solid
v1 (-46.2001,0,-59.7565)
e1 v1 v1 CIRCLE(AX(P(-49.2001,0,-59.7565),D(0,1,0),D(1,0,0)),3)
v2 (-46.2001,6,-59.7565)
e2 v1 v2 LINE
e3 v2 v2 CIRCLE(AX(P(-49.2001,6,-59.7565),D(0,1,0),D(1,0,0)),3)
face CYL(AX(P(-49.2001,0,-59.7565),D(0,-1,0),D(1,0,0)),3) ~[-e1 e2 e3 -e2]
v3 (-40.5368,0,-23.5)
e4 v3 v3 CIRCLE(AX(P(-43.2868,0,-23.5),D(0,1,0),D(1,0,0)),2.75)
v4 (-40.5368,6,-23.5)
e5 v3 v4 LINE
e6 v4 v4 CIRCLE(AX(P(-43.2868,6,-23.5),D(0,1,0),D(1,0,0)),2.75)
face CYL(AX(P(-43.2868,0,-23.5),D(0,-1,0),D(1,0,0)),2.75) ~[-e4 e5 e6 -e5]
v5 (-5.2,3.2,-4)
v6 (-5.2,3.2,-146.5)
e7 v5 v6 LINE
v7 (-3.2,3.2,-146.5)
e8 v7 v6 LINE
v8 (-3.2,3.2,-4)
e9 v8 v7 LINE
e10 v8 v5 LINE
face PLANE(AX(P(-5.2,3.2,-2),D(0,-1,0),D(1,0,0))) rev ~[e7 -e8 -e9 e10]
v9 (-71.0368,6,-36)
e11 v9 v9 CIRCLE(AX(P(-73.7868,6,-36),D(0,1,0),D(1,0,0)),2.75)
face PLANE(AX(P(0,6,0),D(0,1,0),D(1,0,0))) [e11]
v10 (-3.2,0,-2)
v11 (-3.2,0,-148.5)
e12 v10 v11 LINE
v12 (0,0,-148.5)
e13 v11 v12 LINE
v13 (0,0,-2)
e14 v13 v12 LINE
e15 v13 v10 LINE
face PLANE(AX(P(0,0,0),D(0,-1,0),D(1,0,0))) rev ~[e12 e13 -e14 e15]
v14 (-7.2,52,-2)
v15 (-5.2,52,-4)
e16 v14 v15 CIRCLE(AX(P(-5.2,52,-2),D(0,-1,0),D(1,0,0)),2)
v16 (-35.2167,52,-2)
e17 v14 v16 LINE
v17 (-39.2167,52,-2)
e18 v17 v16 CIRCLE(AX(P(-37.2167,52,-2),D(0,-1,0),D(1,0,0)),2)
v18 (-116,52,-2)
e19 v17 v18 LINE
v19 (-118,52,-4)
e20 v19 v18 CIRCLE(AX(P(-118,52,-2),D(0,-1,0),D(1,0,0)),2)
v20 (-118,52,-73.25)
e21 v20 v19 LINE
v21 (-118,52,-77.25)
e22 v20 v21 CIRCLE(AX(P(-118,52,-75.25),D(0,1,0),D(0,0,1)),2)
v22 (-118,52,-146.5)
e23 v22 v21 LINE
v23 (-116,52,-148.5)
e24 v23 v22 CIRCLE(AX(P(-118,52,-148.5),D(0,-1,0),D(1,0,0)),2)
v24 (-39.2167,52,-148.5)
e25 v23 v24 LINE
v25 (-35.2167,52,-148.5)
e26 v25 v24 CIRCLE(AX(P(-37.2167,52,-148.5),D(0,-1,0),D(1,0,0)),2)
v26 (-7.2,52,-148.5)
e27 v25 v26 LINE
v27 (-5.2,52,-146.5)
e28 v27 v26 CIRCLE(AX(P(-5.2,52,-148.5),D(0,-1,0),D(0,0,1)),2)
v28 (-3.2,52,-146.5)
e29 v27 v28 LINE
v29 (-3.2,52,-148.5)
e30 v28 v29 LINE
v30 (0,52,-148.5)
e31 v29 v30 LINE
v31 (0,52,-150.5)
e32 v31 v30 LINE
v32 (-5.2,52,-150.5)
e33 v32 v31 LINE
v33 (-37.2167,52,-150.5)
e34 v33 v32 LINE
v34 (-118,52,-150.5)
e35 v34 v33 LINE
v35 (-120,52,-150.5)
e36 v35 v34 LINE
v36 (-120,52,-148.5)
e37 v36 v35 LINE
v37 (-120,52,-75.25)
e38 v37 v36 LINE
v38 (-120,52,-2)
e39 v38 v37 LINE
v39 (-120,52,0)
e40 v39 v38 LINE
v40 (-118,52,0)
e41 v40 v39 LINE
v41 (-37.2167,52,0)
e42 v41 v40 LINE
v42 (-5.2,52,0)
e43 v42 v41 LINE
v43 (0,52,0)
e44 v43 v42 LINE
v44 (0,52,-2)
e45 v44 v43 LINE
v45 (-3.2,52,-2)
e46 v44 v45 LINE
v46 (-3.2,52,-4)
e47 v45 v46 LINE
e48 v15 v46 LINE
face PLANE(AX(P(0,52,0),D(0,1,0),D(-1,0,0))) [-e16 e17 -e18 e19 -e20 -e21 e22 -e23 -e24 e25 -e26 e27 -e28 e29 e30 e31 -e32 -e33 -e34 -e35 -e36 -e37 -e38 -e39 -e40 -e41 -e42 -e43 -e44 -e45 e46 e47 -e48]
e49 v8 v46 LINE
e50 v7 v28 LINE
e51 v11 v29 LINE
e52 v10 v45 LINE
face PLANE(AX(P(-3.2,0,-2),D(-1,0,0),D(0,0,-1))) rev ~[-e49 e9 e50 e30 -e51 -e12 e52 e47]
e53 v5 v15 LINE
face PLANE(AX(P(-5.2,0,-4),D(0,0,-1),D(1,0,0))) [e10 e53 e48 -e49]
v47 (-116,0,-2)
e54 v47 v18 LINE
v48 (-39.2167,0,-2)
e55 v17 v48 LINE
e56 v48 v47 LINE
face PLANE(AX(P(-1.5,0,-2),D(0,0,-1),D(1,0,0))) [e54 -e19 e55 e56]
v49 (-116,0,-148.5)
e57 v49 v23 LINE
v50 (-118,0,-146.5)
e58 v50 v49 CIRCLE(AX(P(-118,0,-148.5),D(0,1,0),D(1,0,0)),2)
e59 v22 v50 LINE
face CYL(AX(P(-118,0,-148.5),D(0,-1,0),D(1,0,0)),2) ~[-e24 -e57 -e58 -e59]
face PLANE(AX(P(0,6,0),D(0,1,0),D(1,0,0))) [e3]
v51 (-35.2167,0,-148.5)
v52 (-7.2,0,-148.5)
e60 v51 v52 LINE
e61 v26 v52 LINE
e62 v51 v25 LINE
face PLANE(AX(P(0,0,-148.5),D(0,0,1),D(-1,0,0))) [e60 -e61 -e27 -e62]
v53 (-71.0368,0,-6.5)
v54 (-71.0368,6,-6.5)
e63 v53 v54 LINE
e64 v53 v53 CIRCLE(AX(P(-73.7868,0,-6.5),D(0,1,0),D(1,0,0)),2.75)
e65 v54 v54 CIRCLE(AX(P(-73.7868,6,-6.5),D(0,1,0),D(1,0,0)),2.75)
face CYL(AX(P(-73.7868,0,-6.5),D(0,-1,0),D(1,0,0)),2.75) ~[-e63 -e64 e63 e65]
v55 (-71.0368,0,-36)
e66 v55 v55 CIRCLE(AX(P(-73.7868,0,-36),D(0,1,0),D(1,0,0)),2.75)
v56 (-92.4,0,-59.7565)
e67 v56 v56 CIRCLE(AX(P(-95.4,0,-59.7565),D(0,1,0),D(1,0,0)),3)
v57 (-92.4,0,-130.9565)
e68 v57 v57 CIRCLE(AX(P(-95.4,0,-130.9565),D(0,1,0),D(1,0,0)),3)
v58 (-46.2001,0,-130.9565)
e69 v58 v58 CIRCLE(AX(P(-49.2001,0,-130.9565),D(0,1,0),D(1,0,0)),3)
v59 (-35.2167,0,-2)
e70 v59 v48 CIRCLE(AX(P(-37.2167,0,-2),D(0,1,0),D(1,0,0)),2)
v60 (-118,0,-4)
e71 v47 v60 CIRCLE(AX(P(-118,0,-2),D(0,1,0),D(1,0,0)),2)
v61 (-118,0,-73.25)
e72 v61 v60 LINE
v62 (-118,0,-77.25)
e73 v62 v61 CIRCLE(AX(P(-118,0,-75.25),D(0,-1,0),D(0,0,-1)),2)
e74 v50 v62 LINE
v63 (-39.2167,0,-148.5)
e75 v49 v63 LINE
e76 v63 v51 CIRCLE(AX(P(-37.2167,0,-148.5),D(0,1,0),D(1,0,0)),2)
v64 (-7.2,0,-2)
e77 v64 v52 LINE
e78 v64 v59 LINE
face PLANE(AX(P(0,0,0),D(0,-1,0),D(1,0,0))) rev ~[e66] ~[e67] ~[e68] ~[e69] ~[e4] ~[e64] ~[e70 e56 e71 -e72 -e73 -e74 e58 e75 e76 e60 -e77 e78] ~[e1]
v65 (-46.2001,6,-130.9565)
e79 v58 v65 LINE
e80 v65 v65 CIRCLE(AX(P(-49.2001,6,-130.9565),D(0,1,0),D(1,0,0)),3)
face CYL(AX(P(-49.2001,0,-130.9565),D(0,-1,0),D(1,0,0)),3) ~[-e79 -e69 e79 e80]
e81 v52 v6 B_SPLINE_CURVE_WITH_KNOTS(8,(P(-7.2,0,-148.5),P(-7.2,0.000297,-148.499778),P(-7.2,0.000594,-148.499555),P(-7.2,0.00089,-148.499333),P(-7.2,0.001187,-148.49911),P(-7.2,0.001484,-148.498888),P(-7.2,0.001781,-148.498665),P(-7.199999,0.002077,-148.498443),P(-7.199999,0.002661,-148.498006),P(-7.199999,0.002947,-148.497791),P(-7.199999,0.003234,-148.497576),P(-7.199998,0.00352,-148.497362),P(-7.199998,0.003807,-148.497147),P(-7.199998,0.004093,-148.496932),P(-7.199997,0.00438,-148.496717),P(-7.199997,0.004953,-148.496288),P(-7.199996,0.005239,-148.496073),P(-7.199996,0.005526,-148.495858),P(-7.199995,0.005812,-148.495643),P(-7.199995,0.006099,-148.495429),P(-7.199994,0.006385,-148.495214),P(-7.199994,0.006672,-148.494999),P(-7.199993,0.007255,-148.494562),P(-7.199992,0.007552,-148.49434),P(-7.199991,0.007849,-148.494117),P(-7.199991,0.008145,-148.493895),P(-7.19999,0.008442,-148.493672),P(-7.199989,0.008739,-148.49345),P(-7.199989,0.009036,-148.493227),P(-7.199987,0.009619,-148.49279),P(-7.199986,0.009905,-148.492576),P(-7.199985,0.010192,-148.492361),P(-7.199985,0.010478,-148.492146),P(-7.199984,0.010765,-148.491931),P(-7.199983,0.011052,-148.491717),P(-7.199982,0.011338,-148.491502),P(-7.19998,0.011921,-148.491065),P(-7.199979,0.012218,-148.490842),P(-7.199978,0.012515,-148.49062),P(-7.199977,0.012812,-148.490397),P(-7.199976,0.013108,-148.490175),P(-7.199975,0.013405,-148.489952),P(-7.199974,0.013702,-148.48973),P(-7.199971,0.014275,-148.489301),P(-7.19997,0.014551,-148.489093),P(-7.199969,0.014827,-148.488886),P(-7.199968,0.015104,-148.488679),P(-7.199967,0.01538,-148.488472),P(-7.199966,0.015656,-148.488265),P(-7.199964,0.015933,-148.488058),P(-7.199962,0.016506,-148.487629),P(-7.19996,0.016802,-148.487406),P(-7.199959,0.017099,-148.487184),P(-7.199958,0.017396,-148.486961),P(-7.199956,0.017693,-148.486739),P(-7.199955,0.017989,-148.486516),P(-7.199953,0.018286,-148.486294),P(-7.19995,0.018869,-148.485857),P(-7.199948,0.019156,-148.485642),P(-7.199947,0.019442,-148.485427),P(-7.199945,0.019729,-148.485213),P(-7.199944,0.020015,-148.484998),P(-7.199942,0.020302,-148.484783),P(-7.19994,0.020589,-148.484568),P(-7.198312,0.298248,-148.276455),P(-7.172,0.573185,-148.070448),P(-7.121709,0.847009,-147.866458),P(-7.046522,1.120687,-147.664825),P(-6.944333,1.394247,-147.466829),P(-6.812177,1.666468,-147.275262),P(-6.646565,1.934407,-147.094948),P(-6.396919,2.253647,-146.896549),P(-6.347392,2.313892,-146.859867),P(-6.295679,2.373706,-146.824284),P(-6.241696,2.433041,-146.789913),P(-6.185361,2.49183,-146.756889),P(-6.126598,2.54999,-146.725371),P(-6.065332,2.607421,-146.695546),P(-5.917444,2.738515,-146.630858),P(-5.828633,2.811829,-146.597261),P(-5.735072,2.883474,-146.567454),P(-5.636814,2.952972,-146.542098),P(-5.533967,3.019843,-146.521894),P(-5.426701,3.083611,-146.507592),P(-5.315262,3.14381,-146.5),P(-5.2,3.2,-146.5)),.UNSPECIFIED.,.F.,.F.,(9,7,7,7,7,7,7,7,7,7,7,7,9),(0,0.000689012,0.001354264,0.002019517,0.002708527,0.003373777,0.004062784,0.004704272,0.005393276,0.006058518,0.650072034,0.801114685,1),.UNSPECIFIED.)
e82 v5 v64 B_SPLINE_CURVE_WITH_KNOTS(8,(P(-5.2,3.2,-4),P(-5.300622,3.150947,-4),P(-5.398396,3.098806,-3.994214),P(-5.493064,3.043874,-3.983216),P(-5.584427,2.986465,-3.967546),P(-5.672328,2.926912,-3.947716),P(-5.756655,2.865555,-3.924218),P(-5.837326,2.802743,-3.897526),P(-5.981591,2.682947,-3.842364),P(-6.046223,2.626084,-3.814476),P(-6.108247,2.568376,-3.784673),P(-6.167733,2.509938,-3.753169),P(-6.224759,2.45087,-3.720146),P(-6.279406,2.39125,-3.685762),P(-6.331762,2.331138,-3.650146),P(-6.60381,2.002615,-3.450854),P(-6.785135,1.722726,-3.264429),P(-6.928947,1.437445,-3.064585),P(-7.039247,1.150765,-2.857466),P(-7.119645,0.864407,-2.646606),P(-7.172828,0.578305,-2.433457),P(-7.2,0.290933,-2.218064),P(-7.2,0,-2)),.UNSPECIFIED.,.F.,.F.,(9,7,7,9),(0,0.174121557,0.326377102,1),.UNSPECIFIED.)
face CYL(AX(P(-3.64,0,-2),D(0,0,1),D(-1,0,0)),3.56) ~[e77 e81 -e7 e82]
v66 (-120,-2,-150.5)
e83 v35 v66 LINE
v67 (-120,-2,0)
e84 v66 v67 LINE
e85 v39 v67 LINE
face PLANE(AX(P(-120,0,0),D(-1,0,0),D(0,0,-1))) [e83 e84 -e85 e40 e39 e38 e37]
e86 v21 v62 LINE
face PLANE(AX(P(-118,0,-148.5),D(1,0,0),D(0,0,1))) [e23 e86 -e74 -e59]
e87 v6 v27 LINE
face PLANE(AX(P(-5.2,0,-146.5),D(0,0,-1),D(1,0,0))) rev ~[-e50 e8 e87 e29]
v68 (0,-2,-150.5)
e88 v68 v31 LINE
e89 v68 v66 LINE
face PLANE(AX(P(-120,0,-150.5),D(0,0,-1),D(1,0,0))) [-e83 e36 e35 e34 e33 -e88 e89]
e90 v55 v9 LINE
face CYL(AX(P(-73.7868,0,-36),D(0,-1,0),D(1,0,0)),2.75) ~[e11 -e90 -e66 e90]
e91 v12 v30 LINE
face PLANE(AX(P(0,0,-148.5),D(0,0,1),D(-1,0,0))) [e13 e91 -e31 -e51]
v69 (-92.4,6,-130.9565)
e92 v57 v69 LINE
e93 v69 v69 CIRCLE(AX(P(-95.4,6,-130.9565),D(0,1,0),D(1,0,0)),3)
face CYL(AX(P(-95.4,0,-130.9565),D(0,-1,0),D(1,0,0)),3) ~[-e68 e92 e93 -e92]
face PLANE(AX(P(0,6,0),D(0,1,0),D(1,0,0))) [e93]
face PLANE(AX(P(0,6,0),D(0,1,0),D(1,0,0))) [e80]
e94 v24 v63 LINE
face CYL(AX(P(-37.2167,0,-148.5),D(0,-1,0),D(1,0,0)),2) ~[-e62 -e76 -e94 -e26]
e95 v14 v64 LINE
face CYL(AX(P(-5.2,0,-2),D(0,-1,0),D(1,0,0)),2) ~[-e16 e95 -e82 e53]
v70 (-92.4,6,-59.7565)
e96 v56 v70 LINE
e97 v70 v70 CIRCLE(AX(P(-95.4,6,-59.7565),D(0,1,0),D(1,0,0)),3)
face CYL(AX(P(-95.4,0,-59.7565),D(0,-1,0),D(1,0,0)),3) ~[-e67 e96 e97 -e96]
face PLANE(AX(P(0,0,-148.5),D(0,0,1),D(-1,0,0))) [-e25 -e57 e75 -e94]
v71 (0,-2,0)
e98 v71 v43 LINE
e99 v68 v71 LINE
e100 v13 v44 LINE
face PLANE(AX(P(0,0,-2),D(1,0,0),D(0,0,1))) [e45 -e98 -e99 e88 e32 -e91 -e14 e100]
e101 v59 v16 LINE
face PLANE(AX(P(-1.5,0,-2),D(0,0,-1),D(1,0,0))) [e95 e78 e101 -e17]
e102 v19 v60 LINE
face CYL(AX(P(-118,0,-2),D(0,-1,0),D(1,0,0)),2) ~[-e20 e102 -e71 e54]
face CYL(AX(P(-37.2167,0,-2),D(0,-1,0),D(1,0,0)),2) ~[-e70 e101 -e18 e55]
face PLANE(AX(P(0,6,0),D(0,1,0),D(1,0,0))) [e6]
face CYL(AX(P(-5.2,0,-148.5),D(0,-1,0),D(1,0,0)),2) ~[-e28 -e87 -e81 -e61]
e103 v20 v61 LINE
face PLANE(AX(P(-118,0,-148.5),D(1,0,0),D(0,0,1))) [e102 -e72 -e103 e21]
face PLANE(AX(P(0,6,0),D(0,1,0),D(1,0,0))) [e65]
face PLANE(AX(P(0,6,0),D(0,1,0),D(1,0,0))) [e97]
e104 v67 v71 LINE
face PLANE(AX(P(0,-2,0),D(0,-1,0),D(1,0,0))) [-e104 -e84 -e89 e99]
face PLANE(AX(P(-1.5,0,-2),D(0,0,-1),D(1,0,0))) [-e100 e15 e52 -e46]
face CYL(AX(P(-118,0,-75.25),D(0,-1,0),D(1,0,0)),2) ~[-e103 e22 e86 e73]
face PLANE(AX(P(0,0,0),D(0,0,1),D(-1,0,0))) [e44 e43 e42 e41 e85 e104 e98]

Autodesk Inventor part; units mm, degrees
ref_plane "YZ Plane" through (0, 0, 0) normal (1, 0, 0) x (0, 1, 0)
ref_plane "XZ Plane" through (0, 0, 0) normal (0, 1, 0) x (-1, 0, 0)
ref_plane "XY Plane" through (0, 0, 0) normal (0, 0, 1) x (1, 0, 0)
sketch "Sketch1" plane through (0, 0, 0) normal (0, 1, 0) x (-1, 0, 0)
  line L0 (0, 0) -> (120, 0)
  line L1 (120, 0) -> (120, -150.5)
  line L2 (120, -150.5) -> (0, -150.5)
  line L3 (0, -150.5) -> (0, 0)
  line L4 (118, -148.5) -> (118, -2)
  line L5 (118, -2) -> (2, -2)
  line L6 (0, -148.5) -> (118, -148.5)
  line L7 (2, -2) -> (0, -2)
  line L8 (1.5, -2) -> (1.5, -148.5)
  point P0 (0, -144.5)
  dimension "d0" = 150.5
  dimension "d1" = 120
  dimension "d2" = 2
  dimension "d3" = 1.5
  dimension "d13" = 2
  dimension "d14" = 2
extrude "Extrusion1" add sketch "Sketch1" along normal blind 52 contours L0 L1 L2 L3 L6 L4 L5 L7
sketch "Sketch2" plane through (0, 0, 0) normal (0, -1, 0) x (1, 0, 0)
  line L0 (-120, -150.5) -> (-120, 0) projected
  line L1 (0, -150.5) -> (-120, -150.5) projected
  line L2 (0, -148.5) -> (0, -150.5) projected
  line L3 (-118, -148.5) -> (0, -148.5) projected
  line L4 (0, 0) -> (0, -2) projected
  line L5 (-120, 0) -> (0, 0) projected
  line L6 (0, -150.5) -> (-120, -150.5)
  line L7 (-120, -150.5) -> (-120, 0)
  line L8 (-120, 0) -> (0, 0)
  line L9 (0, 0) -> (0, -150.5)
  line L10 (-118, -2) -> (-118, -148.5) projected
  line L11 (0, -2) -> (-118, -2) projected
extrude "Extrusion2" add sketch "Sketch2" along normal blind 2
sketch "Sketch3" plane through (0, 0, 0) normal (0, 1, 0) x (1, 0, 0)
  line L0 (0, 2) -> (-118, 2) projected
  line L1 (0, 148.5) -> (0, 2) projected
  line L2 (-118, 148.5) -> (0, 148.5) projected
  line L3 (-118, 2) -> (-118, 148.5) projected
  line L4 (-3.2, 2) -> (-3.2, 148.5)
  circle A0 centre (-118, 2) radius 2
  line L5 (-120, 0) -> (-120, 150.5) projected
  circle A1 centre (-118, 148.5) radius 2
  circle A2 centre (-5.2, 2) radius 2
  line L6 (-120, 0) -> (0, 0) projected
  line L7 (-5.2, 4) -> (-3.2, 4)
  circle A3 centre (-5.2, 148.5) radius 2
  line L8 (-5.2, 146.5) -> (-3.2, 146.5)
  circle A4 centre (-118, 75.25) radius 2
  line L9 (0, 150.5) -> (-120, 150.5) projected
  circle A5 centre (-37.2167, 2) radius 2
  circle A6 centre (-37.2167, 148.5) radius 2
  point P0 (-59, 2)
  point P1 (-7.2, 148.5)
  point P2 (-3.2, 146.5)
  point P3 (-3.2, 148.5)
  point P4 (-7.2, 2)
  point P5 (-118, 146.5)
  point P6 (-116, 148.5)
  point P7 (-116, 2)
  point P8 (-118, 4)
  point P9 (-118, 73.25)
  point P10 (-118, 77.25)
  dimension "d15" = 3.2
extrude "Extrusion3" add sketch "Sketch3" along normal up to surface (52 mm away) contours A2 L0 | A2 L7 L4 | L0 A2 | A3 L2 | L4 L8 A3 | L2 A3 | A5 L0 | L0 A5 | A0 L3 L0 | A6 L2 | L2 A6 | L0 L3 A0 | A1 L2 L3 | A4 L3 | A1 L3 L2 | L3 A4
sketch "Sketch6" plane through (0, 0, -2) normal (0, 0, -1) x (-1, 0, 0)
  line L0 (5.2, 52) -> (3.2, 52) projected
  line L1 (3.2, 0) -> (3.2, 52) projected
  line L2 (5.2, 0) -> (3.2, 0) projected
  line L3 (5.2, 0) -> (5.2, 52) projected
  line L4 (7.2, 52) -> (7.2, 0) projected
  line L5 (7.2, 52) -> (5.2, 52) projected
  line L6 (5.2, 0) -> (5.2, 52) projected
  line L7 (7.2, 0) -> (5.2, 0) projected
  line L8 (3.2, 0) -> (5.2, 0)
  line L9 (5.2, 0) -> (5.2, 3.2)
  line L10 (5.2, 3.2) -> (3.2, 3.2)
  line L11 (3.2, 3.2) -> (3.2, 0)
  arc A0 (7.2, 0) -> (5.2, 3.2) centre (3.64, 0) ccw
  point P0 (0, 0)
  point P1 (3.2, 3.2)
  dimension "d29" = 3.2
extrude "Extrusion5" add sketch "Sketch6" along normal through all contours A0 L7 L3 | L3 L2 L1 L10
sketch "Sketch7" plane through (0, 0, 0) normal (0, 1, 0) x (1, 0, 0)
  line L0 (-7.2, 2) -> (-3.2, 2) projected
  line L1 (-3.2, 4) -> (-3.2, 146.5) projected
  circle A0 centre (-73.7868, 6.5) radius 1.5
  circle A1 centre (-73.7868, 36) radius 1.5
  line L2 (-39.2167, 2) -> (-116, 2) projected
  line L3 (-77.4105, 0.6903) -> (-77.4105, 39.7313) construction
  line L4 (-77.4105, 39.7313) -> (-39.4979, 39.7313) construction
  line L5 (-39.4979, 39.7313) -> (-39.4979, 0.6903) construction
  line L6 (-39.4979, 0.6903) -> (-77.4105, 0.6903) construction
  circle A2 centre (-43.2868, 23.5) radius 1.5
  circle A3 centre (-73.7868, 6.5) radius 2.75
  circle A4 centre (-73.7868, 36) radius 2.75
  circle A5 centre (-43.2868, 23.5) radius 2.75
  point P0 (0, 0)
  point P1 (-57, 2)
  dimension "d35" = 29.5
  dimension "d38" = 3
  dimension "d39" = 3
  dimension "d40" = 4.5
  dimension "d68" = 3
  dimension "d69" = 30.5
  dimension "d70" = 12.5
  dimension "d71" = 5.5
  dimension "d72" = 5.5
  dimension "d73" = 5.5
extrude "Extrusion6" add sketch "Sketch7" along normal blind 6 contours A0 | A1 | A2 | A3 | A4 | A5
sketch "Sketch8" plane through (0, 0, 0) normal (0, 1, 0) x (1, 0, 0)
  circle A0 centre (-49.2001, 130.9565) radius 3
  circle A1 centre (-49.2001, 59.7565) radius 3
  circle A2 centre (-95.4, 59.7565) radius 3
  circle A3 centre (-95.4, 130.9565) radius 3
  circle A4 centre (-49.2001, 130.9565) radius 3
  circle A5 centre (-49.2001, 59.7565) radius 3
  circle A6 centre (-95.4, 59.7565) radius 3
  circle A7 centre (-95.4, 130.9565) radius 3
  point P0 (0, 0)
  point P1 (-129.8781, 142.9288)
  dimension "d76" = 71.2
  dimension "d77" = 46.2
extrude "Extrusion7" add sketch "Sketch8" along normal blind 6
equation "\"d13\" = d2"
properties part number "controller-base"
